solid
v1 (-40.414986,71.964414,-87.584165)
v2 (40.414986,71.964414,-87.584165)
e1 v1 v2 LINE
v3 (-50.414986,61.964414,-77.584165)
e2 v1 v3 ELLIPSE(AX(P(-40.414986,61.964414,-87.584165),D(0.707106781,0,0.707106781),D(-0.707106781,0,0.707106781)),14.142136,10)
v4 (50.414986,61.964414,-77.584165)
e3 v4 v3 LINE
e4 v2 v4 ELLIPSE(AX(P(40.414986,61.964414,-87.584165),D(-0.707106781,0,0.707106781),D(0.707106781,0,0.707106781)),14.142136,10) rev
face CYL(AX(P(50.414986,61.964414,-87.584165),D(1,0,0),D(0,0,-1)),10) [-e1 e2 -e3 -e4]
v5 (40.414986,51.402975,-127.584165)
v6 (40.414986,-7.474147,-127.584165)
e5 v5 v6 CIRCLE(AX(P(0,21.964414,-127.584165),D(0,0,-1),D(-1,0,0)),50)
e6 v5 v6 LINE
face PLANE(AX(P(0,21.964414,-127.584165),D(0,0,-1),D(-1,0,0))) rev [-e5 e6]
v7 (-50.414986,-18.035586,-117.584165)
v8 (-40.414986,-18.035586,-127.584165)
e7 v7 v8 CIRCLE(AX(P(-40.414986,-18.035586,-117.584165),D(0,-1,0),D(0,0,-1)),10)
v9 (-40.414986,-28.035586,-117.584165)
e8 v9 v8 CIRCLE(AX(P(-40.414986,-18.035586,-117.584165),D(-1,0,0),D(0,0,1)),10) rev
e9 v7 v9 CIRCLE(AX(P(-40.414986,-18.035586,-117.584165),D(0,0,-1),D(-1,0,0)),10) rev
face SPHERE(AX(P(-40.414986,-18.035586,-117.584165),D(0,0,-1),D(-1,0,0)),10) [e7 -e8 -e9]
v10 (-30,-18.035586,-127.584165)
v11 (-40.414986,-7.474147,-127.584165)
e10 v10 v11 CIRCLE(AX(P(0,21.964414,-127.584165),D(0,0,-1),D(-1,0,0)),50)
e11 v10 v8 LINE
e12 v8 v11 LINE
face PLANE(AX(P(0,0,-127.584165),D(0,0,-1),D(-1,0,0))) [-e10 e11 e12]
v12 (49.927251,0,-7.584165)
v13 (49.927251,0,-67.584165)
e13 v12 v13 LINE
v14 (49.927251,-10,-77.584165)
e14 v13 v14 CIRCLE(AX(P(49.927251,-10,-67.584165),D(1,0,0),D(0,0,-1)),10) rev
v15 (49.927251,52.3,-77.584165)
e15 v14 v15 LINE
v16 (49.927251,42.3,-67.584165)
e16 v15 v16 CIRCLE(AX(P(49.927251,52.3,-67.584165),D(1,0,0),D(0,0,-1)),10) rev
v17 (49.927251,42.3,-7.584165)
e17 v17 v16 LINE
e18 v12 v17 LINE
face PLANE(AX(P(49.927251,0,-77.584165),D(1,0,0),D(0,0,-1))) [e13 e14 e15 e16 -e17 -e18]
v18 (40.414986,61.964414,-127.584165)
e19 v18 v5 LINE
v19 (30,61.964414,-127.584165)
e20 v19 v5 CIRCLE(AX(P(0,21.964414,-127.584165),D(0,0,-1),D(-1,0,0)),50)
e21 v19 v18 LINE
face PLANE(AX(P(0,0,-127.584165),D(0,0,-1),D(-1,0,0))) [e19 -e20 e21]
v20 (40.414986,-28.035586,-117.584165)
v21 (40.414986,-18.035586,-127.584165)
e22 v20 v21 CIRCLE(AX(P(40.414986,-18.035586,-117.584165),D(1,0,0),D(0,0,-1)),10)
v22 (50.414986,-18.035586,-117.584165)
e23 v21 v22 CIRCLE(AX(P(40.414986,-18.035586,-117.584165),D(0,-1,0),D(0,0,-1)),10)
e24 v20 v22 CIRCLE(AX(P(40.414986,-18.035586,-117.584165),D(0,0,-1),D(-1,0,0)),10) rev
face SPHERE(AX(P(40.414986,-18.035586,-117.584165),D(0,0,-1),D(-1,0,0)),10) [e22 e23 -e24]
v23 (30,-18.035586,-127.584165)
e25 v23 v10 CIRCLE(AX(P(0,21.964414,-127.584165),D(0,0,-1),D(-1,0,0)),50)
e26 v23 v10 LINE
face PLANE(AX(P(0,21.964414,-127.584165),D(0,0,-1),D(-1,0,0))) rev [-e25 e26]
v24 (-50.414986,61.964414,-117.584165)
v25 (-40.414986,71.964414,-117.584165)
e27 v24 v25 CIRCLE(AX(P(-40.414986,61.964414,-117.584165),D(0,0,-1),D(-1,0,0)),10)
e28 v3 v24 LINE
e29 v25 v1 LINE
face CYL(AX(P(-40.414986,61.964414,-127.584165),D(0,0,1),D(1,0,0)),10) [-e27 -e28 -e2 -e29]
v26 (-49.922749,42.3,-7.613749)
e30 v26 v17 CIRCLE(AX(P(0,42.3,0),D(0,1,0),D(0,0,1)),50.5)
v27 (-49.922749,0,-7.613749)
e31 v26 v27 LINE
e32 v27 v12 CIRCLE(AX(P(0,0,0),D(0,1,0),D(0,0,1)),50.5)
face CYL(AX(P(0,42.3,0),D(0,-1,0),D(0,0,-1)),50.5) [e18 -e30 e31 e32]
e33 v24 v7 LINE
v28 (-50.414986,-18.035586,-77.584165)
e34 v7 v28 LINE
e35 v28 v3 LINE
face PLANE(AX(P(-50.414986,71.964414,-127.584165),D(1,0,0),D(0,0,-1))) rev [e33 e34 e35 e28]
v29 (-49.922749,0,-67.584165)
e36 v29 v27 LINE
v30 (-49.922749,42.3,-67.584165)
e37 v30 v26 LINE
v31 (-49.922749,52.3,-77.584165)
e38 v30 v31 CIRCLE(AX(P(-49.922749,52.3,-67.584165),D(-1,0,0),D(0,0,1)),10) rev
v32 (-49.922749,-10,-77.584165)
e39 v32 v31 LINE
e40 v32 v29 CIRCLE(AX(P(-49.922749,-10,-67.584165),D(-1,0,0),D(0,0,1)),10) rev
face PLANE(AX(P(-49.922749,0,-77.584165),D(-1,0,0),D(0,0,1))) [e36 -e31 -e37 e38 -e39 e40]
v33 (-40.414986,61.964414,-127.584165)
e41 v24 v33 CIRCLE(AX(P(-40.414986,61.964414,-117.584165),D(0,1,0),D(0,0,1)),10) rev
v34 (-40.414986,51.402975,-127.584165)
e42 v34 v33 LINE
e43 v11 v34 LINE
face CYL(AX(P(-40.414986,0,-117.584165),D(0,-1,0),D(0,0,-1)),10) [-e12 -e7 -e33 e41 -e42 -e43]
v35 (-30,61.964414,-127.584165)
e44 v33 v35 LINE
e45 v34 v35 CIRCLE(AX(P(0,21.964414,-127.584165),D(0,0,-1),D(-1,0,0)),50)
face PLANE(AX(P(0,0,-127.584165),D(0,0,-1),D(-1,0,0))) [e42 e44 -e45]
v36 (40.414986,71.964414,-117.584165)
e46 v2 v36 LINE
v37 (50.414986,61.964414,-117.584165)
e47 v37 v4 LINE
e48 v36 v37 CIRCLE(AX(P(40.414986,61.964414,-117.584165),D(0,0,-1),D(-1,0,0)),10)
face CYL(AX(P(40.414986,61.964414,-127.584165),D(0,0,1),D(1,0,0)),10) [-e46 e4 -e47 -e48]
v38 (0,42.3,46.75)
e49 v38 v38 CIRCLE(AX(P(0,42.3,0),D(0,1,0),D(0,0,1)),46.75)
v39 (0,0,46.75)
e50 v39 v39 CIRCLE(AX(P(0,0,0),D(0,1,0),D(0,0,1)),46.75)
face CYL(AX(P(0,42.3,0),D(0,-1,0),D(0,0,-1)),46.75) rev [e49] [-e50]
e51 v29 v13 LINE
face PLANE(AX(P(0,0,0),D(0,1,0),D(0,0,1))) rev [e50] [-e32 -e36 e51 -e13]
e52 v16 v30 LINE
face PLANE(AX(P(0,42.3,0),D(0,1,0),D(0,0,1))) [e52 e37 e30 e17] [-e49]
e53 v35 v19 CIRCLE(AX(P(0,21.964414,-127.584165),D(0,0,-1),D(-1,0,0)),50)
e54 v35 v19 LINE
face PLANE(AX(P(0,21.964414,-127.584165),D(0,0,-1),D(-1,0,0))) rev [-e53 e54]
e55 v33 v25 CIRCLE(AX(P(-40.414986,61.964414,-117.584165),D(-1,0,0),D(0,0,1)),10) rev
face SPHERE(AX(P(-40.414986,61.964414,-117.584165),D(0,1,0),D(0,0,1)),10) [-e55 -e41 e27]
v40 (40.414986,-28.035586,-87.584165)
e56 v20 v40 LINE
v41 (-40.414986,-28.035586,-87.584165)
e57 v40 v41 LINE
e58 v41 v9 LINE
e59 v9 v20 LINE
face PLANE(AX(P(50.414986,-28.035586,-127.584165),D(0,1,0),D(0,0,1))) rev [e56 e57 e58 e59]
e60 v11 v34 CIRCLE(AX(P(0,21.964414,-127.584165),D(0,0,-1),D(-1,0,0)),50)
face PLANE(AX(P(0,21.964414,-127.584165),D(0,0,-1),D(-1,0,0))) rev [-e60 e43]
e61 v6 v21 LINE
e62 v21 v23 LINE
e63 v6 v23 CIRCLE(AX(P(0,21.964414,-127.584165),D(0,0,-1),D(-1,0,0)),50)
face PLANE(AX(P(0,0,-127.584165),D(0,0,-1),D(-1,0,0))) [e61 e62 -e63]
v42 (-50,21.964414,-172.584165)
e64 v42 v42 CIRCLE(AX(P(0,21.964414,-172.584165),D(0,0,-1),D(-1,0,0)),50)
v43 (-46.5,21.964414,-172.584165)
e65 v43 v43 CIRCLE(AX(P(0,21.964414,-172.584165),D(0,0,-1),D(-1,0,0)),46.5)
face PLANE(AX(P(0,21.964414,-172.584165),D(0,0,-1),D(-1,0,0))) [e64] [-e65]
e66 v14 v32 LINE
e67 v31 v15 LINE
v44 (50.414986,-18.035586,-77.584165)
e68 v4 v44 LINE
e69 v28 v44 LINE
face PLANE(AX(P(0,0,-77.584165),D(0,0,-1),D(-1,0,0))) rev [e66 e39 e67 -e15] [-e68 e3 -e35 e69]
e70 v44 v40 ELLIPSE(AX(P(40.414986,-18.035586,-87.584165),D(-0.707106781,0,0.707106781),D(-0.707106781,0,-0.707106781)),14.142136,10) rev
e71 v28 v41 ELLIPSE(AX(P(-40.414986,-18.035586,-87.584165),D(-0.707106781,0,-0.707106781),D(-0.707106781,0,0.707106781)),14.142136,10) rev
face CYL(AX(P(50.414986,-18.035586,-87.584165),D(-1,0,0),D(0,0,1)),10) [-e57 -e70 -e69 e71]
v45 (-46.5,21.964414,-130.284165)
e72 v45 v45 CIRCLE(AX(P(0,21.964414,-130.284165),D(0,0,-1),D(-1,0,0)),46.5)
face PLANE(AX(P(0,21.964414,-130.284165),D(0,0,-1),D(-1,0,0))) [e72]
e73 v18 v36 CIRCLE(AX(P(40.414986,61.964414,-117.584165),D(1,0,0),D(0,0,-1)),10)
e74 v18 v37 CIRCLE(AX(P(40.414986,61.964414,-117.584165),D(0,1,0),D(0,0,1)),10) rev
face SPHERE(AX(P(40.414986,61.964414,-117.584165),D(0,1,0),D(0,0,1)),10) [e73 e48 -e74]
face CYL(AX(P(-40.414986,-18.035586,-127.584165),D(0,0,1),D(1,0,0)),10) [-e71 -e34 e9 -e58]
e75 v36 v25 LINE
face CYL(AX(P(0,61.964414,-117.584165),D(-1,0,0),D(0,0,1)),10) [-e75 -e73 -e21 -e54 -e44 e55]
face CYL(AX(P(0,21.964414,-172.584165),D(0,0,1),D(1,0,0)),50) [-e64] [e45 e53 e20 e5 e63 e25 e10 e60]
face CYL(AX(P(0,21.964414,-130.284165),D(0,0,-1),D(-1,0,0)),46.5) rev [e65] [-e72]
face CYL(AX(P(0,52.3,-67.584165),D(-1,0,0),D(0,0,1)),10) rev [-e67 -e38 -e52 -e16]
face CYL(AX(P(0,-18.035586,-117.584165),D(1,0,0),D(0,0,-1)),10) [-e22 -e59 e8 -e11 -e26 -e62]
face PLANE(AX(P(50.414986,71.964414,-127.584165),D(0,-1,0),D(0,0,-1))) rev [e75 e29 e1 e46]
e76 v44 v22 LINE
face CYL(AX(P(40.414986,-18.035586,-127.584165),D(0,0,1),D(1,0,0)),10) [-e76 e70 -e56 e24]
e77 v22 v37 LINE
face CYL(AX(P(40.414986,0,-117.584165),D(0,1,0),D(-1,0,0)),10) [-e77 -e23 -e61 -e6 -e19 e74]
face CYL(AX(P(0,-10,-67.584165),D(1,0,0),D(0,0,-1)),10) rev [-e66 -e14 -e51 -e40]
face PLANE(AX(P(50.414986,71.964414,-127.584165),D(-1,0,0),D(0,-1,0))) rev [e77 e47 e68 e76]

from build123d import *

# Parameters (mm, degrees)
SKETCH_1_R          = 50.5
SKETCH_1_R_2        = 46.75
EXTRUDE_1_DEPTH     = 42.3
EXTRUDE_3_DEPTH     = 42.3
SKETCH_10_W         = 100.829972986
SKETCH_10_H         = 100
EXTRUDE_6_DEPTH     = 50
FILLET_13_R         = 10
FILLET_14_R         = 10
SKETCH_11_R         = 50
EXTRUDE_7_DEPTH     = 45
SKETCH_12_R         = 46.5
CUT_EXTRUDE_1_DEPTH = 42.3


with BuildPart() as part:
    # 草图1 → 凸台-拉伸1 (new body)
    with BuildSketch(Plane(origin=(0, 0, 0), x_dir=(1, 0, 0), z_dir=(0, 1, 0))):
        with Locations(Location((0, 0, 0), (0, 0, 270))):
            Circle(SKETCH_1_R)
        with Locations(Location((0, 0, 0), (0, 0, 270))):
            Circle(SKETCH_1_R_2, mode=Mode.SUBTRACT)
    extrude(amount=EXTRUDE_1_DEPTH)

    # 草图2 → 凸台-拉伸3 (add)
    with BuildSketch(Plane(origin=(0, 42.3, 0), x_dir=(1, 0, 0), z_dir=(0, 1, 0))):
        with BuildLine():
            Line((-49.922748528, 77.584165112), (49.927251472, 77.584165112))
            Line((49.927251472, 77.584165112), (49.927251472, 7.584165112))
            ThreePointArc((49.927251472, 7.584165112), (0.002251472, 49.671200662), (-49.922748528, 7.584165112))
            Line((-49.922748528, 7.584165112), (-49.922748528, 77.584165112))
        make_face()
    extrude(amount=-EXTRUDE_3_DEPTH)

    # 草图10 → 凸台-拉伸6 (add)
    with BuildSketch(Plane(origin=(0, 0, -77.584165112), x_dir=(-1, 0, 0), z_dir=(0, 0, -1))):
        with Locations((0, 21.964414078)):
            Rectangle(SKETCH_10_W, SKETCH_10_H)
    extrude(amount=EXTRUDE_6_DEPTH)

    # 圆角13
    fillet_13_edges = [part.edges().sort_by_distance(p)[0] for p in [
        (0.002251472, 0, -77.584165112),
        (0.002251472, 42.3, -77.584165112),
    ]]
    fillet(fillet_13_edges, radius=FILLET_13_R)

    # 圆角14
    fillet_14_edges = [part.edges().sort_by_distance(p)[0] for p in [
        (-50.414986493, -28.035585922, -102.584165112),
        (0, 71.964414078, -77.584165112),
        (-50.414986493, 71.964414078, -102.584165112),
        (50.414986493, 71.964414078, -102.584165112),
        (0, -28.035585922, -77.584165112),
        (50.414986493, -28.035585922, -102.584165112),
        (-50.414986493, 21.964414078, -127.584165112),
        (0, 71.964414078, -127.584165112),
        (50.414986493, 21.964414078, -127.584165112),
        (0, -28.035585922, -127.584165112),
    ]]
    fillet(fillet_14_edges, radius=FILLET_14_R)

    # 草图11 → 凸台-拉伸7 (add)
    with BuildSketch(Plane(origin=(0, 0, -127.584165112), x_dir=(-1, 0, 0), z_dir=(0, 0, -1))):
        with Locations(Location((0, 21.964414078, 0), (0, 0, 143.930141518))):
            Circle(SKETCH_11_R)
    extrude(amount=EXTRUDE_7_DEPTH)

    # 草图12 → 切除-拉伸1 (cut)
    with BuildSketch(Plane(origin=(0, 0, -172.584165112), x_dir=(-1, 0, 0), z_dir=(0, 0, -1))):
        with Locations((0, 21.964414078)):
            Circle(SKETCH_12_R)
    extrude(amount=-CUT_EXTRUDE_1_DEPTH, mode=Mode.SUBTRACT)


solid = part.part
